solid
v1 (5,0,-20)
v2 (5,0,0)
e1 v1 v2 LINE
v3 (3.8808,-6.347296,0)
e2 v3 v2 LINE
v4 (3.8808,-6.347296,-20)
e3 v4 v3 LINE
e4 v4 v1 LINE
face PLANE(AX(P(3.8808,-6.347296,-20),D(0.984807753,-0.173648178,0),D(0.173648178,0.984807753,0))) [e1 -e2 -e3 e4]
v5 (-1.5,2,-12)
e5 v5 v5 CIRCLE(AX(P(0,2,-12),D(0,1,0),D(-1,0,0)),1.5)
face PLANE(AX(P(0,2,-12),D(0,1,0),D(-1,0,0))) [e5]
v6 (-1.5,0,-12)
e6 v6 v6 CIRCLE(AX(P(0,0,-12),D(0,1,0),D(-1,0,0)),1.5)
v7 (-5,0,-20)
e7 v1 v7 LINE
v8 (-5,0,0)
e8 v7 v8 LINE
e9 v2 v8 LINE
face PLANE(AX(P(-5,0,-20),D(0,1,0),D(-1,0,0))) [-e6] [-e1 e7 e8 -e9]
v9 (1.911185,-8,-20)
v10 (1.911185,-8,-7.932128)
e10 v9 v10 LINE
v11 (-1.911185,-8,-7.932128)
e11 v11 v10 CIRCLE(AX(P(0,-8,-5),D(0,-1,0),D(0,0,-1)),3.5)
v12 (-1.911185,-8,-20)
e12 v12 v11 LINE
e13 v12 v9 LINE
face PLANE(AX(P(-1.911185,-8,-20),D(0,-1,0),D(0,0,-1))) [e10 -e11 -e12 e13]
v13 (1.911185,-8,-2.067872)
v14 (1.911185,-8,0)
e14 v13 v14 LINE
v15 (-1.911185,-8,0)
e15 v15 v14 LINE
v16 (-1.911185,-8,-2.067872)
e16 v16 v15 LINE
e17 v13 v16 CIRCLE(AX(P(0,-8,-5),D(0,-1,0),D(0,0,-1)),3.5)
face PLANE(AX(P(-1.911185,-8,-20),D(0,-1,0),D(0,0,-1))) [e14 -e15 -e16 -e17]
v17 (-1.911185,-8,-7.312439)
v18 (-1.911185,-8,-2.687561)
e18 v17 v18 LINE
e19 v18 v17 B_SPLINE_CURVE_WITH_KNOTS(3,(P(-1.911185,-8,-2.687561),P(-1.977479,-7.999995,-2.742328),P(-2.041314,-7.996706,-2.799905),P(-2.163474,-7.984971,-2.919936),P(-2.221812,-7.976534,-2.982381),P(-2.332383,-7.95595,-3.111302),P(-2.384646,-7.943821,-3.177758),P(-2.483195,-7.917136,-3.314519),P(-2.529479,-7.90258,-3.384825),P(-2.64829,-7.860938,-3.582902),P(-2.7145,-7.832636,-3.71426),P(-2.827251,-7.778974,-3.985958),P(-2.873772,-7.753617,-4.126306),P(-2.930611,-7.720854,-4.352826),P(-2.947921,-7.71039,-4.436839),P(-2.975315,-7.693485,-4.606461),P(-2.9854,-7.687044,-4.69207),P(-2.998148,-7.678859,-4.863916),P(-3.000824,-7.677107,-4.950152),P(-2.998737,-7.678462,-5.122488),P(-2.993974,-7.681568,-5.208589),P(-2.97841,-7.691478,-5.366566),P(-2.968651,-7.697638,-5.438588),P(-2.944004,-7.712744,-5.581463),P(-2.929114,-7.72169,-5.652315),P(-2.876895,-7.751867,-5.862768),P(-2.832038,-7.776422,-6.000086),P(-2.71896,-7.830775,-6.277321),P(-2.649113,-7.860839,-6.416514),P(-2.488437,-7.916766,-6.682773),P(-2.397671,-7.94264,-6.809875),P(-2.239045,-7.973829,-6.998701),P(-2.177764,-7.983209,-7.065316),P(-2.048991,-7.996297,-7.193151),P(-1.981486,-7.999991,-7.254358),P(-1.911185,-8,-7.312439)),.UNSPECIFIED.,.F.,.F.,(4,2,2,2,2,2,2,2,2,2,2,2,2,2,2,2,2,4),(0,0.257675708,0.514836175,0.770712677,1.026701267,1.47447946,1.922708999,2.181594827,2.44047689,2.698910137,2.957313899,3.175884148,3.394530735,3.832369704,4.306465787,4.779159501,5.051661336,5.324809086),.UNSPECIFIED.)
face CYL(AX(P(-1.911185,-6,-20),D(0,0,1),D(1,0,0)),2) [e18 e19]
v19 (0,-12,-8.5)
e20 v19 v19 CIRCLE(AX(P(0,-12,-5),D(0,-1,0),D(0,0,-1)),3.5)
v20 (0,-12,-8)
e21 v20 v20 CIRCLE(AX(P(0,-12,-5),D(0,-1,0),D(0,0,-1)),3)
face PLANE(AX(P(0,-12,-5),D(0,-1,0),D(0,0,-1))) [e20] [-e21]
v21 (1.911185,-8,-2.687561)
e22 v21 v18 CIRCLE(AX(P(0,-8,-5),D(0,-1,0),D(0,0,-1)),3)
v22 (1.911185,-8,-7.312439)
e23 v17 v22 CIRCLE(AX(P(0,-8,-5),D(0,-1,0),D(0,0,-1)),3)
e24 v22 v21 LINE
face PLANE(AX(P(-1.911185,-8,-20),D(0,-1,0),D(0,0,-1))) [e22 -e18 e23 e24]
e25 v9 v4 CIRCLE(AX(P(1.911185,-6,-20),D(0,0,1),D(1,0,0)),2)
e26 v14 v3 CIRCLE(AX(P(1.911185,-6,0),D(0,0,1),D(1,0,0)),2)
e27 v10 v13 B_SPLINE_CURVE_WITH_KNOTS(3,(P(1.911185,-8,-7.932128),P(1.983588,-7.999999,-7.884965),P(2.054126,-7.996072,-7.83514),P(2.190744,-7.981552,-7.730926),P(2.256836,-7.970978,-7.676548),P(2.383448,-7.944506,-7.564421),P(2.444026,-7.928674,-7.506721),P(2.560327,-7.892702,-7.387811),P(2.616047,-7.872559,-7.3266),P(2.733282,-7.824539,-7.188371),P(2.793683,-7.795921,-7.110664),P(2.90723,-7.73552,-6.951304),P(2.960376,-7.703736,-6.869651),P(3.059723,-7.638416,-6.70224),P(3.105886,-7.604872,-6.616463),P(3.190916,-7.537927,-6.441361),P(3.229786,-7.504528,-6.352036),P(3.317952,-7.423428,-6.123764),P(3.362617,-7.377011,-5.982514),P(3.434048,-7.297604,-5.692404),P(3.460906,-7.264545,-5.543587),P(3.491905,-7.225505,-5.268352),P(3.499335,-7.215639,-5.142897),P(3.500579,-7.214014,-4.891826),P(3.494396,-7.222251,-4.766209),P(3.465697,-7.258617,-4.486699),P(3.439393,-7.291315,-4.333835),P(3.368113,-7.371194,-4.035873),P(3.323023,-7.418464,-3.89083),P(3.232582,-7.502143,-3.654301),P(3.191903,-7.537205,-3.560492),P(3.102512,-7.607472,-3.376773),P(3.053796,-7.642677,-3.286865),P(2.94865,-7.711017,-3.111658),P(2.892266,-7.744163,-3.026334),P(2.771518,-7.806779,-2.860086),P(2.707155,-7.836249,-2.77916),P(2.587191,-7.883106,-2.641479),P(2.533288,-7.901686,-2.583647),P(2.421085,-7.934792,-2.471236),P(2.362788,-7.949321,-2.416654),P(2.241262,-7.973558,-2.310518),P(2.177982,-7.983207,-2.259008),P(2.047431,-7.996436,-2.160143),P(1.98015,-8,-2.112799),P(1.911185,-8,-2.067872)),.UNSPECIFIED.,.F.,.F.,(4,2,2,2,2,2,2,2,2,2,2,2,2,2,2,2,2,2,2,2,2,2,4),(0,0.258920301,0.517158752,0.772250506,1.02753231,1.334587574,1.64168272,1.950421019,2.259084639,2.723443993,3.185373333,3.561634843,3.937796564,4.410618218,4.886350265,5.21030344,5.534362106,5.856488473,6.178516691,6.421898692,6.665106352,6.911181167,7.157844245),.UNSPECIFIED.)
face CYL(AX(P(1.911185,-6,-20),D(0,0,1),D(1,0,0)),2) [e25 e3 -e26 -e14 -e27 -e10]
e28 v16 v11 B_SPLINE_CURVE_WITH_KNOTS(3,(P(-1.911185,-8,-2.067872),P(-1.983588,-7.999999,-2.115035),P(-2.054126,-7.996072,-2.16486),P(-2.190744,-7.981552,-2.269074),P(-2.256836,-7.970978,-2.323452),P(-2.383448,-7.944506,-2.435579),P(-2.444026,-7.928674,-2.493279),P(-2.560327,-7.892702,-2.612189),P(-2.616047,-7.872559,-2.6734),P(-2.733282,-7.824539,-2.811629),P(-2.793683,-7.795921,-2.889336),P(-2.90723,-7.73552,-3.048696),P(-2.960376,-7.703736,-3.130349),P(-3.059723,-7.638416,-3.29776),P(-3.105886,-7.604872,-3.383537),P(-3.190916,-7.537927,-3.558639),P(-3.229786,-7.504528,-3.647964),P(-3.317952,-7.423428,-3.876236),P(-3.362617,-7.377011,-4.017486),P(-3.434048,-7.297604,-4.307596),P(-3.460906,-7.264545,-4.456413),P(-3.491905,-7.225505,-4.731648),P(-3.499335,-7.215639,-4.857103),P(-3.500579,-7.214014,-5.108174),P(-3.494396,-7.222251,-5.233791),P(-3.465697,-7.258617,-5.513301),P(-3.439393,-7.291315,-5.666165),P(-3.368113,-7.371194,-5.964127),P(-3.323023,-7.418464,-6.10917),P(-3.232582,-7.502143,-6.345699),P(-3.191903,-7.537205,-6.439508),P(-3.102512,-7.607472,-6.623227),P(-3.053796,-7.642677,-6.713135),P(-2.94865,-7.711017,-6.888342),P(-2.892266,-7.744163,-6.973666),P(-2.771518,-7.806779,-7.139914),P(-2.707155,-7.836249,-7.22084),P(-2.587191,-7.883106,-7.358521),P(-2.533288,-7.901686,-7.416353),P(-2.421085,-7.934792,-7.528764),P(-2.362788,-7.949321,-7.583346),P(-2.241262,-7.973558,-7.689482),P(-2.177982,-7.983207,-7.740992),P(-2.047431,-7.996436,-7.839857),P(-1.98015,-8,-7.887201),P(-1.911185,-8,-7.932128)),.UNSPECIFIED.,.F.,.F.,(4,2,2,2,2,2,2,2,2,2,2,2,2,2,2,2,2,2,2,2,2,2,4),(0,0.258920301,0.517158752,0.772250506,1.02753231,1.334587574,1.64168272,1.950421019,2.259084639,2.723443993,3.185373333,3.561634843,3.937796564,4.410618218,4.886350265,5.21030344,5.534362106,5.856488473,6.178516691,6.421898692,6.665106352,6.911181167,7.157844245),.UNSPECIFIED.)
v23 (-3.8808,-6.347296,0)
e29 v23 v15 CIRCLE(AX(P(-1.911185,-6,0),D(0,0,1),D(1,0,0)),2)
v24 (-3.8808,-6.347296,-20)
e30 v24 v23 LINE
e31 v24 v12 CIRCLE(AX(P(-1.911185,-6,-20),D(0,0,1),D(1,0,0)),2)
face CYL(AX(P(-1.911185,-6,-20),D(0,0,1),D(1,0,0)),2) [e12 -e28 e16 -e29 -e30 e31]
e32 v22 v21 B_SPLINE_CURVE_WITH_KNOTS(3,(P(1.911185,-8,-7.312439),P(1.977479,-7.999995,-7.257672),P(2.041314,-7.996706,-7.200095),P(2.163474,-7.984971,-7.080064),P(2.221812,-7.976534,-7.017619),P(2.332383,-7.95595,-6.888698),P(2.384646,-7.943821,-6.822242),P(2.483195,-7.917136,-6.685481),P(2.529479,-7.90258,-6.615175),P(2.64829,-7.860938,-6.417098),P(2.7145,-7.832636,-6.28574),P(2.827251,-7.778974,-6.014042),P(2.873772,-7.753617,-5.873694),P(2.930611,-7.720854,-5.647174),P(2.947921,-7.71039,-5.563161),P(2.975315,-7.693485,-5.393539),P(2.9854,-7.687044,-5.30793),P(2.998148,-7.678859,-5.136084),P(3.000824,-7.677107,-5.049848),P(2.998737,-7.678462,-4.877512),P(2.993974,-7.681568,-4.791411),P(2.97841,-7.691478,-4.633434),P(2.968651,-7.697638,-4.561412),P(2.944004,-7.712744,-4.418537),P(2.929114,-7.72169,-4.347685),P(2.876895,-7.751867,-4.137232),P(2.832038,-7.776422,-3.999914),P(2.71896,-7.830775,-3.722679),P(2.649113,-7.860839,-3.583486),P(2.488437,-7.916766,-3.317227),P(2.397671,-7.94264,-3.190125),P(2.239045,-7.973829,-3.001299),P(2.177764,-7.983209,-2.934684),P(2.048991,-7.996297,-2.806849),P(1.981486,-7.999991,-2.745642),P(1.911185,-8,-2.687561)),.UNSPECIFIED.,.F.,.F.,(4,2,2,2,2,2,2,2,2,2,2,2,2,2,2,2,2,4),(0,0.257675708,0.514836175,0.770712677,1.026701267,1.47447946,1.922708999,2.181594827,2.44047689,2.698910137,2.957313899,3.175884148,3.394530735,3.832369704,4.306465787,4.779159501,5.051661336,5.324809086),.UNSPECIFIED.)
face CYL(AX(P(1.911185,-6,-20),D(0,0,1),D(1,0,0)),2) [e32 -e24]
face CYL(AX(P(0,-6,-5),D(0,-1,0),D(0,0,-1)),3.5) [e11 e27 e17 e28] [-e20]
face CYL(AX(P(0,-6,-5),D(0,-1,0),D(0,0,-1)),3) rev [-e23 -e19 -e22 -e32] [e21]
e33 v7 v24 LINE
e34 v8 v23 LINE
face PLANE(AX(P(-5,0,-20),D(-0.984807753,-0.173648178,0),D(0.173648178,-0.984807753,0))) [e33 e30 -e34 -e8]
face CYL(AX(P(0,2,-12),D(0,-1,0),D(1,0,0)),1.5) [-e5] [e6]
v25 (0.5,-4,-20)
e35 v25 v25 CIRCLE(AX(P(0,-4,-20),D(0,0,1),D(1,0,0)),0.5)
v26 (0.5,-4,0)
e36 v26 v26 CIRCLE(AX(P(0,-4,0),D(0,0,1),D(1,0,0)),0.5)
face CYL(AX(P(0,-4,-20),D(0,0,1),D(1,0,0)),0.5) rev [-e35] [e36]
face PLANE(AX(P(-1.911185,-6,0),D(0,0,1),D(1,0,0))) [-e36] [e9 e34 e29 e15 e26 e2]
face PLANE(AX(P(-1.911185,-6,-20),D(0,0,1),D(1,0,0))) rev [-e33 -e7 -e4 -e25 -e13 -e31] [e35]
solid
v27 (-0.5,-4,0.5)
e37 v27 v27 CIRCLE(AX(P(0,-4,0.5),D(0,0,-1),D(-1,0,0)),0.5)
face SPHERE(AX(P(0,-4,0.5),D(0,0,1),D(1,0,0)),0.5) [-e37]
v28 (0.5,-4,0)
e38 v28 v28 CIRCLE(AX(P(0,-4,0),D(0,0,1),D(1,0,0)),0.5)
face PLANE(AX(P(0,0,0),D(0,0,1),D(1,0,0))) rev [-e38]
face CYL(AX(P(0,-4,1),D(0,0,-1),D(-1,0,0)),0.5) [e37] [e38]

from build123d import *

# Parameters (mm, degrees)
SKETCH1_R                = 0.5
BOSS_EXTRUDE1_DEPTH      = 20
SKETCH1_2_R              = 0.5
BOSS_EXTRUDE2_DEPTH      = 1
FILLET1_R                = 0.5
BOSS_EXTRUDE3_DEPTH      = 4
BOSS_EXTRUDE3_DEPTH_BACK = 2
SKETCH2_R                = 3.5
SKETCH2_R_2              = 3
SKETCH3_R                = 1.5
BOSS_EXTRUDE4_DEPTH      = 2


with BuildPart() as part:
    # Sketch1 → Boss-Extrude1 (new body)
    with BuildSketch(Plane.XY):
        with BuildLine():
            Line((-5, 0), (5, 0))
            Line((5, 0), (3.880800398, -6.347296355))
            ThreePointArc((3.880800398, -6.347296355), (3.196760111, -7.532088886), (1.911184892, -8))
            Line((1.911184892, -8), (-1.911184892, -8))
            ThreePointArc((-1.911184892, -8), (-3.196760111, -7.532088886), (-3.880800398, -6.347296355))
            Line((-3.880800398, -6.347296355), (-5, 0))
        make_face()
        with Locations((0, -4)):
            Circle(SKETCH1_R, mode=Mode.SUBTRACT)
    extrude(amount=-BOSS_EXTRUDE1_DEPTH)

    # Sketch2 → Boss-Extrude3 (add, two sides: drawn at the far end of the back side and taken through both)
    with BuildSketch(Plane.XZ.offset(8).offset(-BOSS_EXTRUDE3_DEPTH_BACK)):
        with Locations((0, -5)):
            Circle(SKETCH2_R)
        with Locations((0, -5)):
            Circle(SKETCH2_R_2, mode=Mode.SUBTRACT)
    extrude(amount=BOSS_EXTRUDE3_DEPTH + BOSS_EXTRUDE3_DEPTH_BACK)

    # Sketch3 → Boss-Extrude4 (add)
    with BuildSketch(Plane(origin=(0, 0, 0), x_dir=(1, 0, 0), z_dir=(0, 1, 0))):
        with Locations((0, 12)):
            Circle(SKETCH3_R)
    extrude(amount=BOSS_EXTRUDE4_DEPTH)


with BuildPart() as body_2:
    # Sketch1<2> → Boss-Extrude2 (new body)
    with BuildSketch(Plane.XY):
        with Locations((0, -4)):
            Circle(SKETCH1_2_R)
    extrude(amount=BOSS_EXTRUDE2_DEPTH)

    # Fillet1
    fillet1_edges = [body_2.edges().sort_by_distance(p)[0] for p in [
        (-0.5, -4, 1),
    ]]
    fillet(fillet1_edges, radius=FILLET1_R)


solid = Compound([part.part, body_2.part])
